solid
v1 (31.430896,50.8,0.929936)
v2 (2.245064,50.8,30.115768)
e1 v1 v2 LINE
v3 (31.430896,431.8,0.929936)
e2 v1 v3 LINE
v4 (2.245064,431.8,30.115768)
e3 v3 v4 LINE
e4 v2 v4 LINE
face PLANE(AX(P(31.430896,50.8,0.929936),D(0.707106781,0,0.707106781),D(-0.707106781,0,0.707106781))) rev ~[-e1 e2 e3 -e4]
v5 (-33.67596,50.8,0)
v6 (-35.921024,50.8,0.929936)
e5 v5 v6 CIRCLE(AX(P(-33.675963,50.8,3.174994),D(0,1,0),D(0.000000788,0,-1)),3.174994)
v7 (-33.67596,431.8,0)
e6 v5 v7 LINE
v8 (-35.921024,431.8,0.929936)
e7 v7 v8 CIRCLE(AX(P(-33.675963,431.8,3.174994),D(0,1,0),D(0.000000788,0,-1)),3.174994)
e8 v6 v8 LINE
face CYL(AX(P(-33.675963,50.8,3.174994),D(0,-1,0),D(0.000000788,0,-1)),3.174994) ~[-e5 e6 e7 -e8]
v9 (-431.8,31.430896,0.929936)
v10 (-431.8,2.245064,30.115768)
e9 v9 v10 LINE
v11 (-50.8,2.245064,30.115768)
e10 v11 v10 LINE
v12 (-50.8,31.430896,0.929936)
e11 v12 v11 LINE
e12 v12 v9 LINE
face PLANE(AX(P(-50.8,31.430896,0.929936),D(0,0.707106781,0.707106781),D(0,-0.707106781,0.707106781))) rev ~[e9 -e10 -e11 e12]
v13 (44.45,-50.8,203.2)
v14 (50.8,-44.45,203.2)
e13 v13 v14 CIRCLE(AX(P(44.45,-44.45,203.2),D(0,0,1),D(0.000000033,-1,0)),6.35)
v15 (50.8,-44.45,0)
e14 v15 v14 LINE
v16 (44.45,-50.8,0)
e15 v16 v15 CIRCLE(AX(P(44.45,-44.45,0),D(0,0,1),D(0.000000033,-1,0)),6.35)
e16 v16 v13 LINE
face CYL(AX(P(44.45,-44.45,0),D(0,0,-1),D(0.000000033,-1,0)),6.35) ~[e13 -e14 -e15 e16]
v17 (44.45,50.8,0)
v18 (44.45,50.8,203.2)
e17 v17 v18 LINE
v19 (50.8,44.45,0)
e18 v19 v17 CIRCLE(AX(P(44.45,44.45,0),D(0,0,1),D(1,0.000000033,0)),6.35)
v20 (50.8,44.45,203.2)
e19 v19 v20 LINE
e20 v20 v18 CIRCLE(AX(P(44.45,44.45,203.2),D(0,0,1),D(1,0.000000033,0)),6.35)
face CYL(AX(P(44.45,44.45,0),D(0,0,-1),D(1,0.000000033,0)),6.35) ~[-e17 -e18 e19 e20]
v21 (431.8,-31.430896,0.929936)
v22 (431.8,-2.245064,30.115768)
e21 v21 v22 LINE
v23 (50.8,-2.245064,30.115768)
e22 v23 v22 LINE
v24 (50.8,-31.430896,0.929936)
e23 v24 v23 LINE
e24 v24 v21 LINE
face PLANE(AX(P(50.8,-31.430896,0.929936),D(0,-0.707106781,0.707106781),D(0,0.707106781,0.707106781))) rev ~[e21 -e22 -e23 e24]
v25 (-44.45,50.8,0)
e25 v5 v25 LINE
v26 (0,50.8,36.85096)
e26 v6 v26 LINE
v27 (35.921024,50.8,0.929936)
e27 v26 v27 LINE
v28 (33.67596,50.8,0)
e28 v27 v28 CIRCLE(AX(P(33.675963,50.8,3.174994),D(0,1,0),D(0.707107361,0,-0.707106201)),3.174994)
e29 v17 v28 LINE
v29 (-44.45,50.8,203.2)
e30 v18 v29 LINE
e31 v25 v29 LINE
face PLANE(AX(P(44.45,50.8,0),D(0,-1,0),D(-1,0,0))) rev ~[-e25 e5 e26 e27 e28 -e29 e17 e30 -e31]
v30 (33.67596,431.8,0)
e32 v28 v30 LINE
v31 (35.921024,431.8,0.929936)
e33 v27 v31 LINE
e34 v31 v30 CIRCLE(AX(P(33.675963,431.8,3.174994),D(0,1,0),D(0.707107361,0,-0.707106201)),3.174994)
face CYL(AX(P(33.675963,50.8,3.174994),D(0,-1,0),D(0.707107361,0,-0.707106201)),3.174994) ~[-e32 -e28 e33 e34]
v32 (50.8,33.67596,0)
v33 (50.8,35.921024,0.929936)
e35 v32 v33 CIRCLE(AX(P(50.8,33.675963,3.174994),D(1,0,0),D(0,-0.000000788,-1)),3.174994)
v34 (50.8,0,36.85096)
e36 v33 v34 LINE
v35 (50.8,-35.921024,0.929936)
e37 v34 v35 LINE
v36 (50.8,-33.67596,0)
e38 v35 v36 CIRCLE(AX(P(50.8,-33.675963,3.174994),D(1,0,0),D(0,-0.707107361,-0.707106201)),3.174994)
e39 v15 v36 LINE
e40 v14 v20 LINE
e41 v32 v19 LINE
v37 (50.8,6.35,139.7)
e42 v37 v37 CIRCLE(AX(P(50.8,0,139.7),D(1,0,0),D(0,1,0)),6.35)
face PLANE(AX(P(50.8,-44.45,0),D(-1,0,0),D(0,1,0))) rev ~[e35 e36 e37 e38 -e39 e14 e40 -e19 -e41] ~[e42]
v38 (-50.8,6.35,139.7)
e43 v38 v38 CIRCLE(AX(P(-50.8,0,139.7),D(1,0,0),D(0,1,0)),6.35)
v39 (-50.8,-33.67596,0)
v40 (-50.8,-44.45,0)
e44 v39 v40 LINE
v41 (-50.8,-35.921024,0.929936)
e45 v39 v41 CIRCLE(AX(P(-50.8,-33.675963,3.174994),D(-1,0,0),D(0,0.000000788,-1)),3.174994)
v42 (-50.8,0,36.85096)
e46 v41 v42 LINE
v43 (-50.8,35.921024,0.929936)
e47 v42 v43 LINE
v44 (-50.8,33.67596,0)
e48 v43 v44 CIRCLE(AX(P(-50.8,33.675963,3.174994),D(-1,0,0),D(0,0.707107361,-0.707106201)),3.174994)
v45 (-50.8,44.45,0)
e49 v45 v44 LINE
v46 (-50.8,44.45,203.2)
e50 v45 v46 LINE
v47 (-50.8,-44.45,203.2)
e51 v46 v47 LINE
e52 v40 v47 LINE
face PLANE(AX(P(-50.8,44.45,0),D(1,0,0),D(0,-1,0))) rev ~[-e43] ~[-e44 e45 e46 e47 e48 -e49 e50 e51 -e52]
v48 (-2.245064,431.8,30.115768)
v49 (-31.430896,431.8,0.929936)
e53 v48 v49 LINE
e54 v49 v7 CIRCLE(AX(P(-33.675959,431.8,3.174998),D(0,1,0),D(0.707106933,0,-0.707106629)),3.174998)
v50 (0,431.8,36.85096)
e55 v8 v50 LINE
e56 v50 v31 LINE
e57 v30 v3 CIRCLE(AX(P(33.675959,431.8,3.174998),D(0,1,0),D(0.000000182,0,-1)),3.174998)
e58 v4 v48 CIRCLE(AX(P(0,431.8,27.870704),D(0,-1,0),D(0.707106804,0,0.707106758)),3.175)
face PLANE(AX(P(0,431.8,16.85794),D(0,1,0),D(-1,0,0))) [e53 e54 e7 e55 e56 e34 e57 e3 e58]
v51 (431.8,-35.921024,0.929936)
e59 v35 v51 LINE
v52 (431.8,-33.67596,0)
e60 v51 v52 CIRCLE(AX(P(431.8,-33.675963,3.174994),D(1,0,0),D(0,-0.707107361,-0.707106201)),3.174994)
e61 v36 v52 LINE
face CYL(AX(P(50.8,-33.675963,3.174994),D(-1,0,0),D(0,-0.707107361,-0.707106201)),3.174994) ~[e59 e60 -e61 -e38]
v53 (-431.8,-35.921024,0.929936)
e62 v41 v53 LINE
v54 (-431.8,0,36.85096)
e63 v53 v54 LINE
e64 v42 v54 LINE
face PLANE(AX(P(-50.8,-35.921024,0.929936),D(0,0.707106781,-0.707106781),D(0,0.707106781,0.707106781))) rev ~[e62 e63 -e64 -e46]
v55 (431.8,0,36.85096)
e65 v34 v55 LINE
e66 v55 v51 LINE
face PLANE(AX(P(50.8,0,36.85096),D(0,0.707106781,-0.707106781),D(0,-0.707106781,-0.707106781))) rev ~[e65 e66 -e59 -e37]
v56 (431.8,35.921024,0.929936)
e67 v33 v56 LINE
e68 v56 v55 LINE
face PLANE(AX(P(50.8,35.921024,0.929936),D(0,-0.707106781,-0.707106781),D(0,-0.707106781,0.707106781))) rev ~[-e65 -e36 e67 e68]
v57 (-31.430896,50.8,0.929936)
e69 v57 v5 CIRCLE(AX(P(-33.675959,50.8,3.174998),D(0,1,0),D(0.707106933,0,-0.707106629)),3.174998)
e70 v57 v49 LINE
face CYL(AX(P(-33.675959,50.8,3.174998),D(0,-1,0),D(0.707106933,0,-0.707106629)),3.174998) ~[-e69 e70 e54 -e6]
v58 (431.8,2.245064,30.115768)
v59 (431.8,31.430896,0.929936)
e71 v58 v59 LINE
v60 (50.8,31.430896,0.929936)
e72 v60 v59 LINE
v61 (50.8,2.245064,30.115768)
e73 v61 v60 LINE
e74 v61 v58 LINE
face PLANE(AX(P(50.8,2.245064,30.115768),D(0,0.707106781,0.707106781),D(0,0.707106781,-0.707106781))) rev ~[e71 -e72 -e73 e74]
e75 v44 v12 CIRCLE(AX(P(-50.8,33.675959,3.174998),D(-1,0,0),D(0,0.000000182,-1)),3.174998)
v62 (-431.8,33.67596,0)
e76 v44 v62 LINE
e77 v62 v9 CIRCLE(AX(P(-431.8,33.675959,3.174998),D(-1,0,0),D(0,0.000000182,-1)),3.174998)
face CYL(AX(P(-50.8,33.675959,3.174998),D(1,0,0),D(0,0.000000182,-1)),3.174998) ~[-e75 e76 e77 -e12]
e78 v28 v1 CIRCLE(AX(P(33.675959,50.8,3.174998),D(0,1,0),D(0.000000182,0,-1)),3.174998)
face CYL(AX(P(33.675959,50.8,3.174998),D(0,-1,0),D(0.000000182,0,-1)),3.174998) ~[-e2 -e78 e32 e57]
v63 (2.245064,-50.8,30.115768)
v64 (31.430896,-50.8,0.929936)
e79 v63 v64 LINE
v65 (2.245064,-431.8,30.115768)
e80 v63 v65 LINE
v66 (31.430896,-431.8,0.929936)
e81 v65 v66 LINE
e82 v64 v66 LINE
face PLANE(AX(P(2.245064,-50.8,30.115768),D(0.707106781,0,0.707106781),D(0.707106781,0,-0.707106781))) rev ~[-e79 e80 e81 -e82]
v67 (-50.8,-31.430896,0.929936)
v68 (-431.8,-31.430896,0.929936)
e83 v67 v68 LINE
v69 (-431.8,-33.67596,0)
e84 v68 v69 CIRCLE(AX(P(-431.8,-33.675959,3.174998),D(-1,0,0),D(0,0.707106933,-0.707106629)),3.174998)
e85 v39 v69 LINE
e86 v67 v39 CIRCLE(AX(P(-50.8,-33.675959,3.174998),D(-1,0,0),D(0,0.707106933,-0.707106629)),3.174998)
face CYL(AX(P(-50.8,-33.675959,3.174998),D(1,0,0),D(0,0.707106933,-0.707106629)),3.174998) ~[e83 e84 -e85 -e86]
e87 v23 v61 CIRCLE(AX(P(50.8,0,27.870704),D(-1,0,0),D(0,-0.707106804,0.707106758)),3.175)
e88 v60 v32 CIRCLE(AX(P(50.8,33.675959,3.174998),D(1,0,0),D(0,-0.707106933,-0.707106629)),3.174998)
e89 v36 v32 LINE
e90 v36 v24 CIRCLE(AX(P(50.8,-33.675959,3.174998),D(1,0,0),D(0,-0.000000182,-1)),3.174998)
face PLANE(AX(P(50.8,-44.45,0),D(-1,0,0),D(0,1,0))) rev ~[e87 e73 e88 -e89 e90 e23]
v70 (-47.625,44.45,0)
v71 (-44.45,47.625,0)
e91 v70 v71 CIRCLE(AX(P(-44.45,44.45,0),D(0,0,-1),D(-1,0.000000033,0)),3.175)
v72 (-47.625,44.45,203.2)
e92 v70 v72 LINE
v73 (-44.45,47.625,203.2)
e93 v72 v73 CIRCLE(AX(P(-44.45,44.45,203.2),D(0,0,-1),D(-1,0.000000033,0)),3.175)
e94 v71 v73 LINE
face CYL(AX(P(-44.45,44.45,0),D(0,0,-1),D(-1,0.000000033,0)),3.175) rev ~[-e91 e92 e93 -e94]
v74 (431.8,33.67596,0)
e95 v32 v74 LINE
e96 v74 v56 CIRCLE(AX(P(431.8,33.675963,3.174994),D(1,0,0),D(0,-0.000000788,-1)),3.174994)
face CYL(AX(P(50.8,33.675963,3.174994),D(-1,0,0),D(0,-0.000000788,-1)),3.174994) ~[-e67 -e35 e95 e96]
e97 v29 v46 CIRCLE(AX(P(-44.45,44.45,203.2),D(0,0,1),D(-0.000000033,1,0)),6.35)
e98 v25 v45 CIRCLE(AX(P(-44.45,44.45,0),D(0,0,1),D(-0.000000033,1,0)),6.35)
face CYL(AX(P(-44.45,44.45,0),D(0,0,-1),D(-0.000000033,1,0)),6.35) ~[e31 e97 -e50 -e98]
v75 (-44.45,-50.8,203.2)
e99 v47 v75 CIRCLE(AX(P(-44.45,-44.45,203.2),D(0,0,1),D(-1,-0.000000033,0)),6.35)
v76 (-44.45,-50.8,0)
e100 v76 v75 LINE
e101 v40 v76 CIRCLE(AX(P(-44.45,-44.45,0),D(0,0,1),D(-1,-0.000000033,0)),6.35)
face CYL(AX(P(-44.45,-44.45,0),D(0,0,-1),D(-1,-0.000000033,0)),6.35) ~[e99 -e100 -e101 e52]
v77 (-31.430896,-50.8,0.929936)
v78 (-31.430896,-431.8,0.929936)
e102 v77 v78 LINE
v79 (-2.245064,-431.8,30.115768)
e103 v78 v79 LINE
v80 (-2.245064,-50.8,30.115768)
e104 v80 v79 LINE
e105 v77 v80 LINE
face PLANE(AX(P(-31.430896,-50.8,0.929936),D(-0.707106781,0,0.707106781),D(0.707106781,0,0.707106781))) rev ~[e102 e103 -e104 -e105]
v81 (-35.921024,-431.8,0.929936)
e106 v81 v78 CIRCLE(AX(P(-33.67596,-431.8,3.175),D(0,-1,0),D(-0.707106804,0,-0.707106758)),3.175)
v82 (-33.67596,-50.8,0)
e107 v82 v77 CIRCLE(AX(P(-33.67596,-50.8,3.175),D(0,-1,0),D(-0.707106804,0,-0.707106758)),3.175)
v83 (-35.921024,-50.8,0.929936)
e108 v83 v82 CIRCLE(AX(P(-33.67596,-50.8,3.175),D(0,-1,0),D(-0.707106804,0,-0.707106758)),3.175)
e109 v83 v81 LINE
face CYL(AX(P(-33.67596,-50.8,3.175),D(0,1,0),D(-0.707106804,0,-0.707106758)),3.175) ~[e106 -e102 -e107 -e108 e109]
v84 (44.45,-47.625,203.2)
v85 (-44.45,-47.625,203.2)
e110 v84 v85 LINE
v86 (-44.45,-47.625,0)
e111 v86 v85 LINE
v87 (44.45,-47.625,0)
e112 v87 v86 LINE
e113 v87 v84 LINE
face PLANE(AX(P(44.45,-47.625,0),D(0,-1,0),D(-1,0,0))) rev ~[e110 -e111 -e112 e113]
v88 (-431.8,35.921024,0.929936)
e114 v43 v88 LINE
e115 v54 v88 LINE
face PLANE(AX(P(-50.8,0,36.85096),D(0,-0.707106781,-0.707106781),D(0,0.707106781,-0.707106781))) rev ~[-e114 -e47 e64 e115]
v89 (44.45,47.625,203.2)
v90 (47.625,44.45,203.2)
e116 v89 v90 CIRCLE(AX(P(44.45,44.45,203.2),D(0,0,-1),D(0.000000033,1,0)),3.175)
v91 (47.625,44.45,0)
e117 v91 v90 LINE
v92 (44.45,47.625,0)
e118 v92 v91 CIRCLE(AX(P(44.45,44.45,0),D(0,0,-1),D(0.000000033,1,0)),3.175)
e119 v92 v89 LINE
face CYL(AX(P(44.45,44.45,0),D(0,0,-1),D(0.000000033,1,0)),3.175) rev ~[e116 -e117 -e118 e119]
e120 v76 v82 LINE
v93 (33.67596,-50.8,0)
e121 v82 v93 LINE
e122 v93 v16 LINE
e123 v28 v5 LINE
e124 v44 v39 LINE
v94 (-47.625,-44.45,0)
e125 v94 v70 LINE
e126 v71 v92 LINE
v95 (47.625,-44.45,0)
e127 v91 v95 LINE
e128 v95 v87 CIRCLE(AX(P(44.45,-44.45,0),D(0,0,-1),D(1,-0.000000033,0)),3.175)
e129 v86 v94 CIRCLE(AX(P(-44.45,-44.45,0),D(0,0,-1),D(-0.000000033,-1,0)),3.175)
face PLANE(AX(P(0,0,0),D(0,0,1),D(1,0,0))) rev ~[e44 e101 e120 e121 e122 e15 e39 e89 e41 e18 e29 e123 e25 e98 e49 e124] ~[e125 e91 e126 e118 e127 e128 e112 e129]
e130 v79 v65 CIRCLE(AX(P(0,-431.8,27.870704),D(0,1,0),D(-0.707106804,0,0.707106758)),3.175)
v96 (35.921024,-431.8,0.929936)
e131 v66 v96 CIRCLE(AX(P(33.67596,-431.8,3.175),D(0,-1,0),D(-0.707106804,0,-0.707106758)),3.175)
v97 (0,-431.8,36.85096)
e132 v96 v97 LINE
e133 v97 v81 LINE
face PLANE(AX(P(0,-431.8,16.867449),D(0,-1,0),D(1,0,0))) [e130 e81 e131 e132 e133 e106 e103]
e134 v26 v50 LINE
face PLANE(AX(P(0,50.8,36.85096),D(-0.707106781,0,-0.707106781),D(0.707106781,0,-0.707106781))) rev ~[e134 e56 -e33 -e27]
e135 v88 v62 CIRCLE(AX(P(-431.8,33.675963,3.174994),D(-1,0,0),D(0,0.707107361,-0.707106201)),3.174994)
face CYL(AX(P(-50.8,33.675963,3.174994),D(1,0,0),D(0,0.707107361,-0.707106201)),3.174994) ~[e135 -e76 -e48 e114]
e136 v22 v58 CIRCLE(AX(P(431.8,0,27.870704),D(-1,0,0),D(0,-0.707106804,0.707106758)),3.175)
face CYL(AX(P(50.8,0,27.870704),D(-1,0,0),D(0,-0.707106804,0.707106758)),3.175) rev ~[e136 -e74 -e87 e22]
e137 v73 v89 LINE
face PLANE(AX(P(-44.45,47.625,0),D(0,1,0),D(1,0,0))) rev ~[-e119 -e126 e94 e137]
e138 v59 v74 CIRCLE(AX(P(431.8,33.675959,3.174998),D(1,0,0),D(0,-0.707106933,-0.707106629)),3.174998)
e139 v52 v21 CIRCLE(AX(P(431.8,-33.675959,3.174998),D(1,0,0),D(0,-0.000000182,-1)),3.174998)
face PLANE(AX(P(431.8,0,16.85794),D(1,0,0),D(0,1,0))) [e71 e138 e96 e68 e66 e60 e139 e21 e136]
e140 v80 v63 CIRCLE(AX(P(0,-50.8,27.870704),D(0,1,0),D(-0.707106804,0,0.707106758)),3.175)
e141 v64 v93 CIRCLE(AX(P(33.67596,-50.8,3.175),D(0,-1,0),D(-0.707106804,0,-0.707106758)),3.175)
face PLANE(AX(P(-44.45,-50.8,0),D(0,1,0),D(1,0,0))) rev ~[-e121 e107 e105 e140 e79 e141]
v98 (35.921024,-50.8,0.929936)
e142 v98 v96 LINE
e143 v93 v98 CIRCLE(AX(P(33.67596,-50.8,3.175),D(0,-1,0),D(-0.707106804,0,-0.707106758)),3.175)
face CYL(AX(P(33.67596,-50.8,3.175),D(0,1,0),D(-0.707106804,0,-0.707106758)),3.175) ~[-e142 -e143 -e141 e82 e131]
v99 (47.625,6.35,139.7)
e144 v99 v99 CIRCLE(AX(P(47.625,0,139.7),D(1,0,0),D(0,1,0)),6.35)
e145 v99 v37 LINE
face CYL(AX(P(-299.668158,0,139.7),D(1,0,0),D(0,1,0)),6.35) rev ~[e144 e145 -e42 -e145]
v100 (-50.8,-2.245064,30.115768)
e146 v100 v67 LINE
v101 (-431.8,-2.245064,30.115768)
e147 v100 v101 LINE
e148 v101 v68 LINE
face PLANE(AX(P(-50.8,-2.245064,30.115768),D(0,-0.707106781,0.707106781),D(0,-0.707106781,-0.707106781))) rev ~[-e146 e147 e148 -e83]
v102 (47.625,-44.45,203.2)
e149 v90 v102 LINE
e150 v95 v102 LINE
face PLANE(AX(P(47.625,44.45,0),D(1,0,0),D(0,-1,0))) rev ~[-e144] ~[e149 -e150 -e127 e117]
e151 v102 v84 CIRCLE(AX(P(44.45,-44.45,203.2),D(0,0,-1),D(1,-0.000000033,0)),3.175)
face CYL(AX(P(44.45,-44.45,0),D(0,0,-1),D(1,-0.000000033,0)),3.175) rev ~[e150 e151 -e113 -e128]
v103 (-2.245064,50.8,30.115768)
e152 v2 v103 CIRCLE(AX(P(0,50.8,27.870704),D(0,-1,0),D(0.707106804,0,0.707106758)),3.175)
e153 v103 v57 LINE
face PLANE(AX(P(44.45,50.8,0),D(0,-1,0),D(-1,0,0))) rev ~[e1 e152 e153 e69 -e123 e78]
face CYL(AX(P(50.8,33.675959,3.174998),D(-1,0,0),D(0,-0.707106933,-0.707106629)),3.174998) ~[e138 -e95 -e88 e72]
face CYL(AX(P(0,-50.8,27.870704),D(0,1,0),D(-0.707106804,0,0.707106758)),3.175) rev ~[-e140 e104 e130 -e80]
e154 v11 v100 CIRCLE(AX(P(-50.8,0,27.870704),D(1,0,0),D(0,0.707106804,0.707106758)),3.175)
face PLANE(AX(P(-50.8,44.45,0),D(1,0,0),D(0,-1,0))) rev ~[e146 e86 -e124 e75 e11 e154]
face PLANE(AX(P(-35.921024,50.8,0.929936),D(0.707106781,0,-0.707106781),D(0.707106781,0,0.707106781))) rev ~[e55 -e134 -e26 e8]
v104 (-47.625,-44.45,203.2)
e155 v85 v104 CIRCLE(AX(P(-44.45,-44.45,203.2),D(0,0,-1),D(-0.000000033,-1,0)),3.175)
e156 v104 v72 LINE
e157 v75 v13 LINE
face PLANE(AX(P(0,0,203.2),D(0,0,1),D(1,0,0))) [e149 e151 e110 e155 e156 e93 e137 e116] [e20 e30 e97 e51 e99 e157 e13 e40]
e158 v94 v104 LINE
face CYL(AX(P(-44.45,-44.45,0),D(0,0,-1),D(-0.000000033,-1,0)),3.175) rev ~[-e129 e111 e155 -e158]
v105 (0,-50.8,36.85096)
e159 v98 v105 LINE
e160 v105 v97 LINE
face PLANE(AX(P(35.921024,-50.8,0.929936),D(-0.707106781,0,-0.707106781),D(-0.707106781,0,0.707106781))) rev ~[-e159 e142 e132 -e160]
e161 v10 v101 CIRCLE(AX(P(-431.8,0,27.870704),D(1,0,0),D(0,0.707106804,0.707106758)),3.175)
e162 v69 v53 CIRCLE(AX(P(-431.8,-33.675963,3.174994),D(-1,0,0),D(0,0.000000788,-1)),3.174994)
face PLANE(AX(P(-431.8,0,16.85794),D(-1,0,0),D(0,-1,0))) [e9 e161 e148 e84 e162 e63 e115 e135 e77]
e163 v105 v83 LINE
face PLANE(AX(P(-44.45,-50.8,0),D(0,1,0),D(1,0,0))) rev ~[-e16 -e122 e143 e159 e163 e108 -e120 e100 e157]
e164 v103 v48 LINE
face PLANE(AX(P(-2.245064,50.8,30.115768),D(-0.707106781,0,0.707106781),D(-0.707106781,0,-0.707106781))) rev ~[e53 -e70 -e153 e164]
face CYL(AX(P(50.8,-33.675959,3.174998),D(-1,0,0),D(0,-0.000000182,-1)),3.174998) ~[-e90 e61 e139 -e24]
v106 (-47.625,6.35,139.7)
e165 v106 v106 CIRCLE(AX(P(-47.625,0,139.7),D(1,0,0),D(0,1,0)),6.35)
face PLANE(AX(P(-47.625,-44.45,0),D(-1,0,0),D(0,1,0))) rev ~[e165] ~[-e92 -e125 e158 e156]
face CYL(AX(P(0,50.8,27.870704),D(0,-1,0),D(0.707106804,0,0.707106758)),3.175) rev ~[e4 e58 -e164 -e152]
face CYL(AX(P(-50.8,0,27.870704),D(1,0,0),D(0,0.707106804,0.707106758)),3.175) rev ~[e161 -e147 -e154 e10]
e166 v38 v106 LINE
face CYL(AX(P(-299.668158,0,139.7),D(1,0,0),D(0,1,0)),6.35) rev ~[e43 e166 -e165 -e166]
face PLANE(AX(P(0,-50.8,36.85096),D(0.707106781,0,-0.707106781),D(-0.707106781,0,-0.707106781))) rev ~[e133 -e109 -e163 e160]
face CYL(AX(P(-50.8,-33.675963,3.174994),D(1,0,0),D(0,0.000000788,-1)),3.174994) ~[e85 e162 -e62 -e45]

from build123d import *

# Parameters (mm, degrees)
F1_DEPTH  = 203.2
F3_D      = 12.7
F8_DEPTH  = 381
F9_DEPTH  = 381
F10_DEPTH = 381
F11_DEPTH = 381


with BuildPart() as f1:
    # F0 (on Top) → F1 (new body)
    with BuildSketch(Plane.XY):
        with BuildLine():
            ThreePointArc((50.8, 44.45), (48.940128, 48.940128), (44.45, 50.8))
            Line((44.45, 50.8), (-44.45, 50.8))
            ThreePointArc((-44.45, 50.8), (-48.940128, 48.940128), (-50.8, 44.45))
            Line((-50.8, 44.45), (-50.8, -44.45))
            ThreePointArc((-50.8, -44.45), (-48.940128, -48.940128), (-44.45, -50.8))
            Line((-44.45, -50.8), (44.45, -50.8))
            ThreePointArc((44.45, -50.8), (48.940128, -48.940128), (50.8, -44.45))
            Line((50.8, -44.45), (50.8, 44.45))
        make_face()
        with BuildLine():
            ThreePointArc((44.45, 47.625), (46.695064, 46.695064), (47.625, 44.45))
            Line((47.625, 44.45), (47.625, -44.45))
            ThreePointArc((47.625, -44.45), (46.695064, -46.695064), (44.45, -47.625))
            Line((44.45, -47.625), (-44.45, -47.625))
            ThreePointArc((-44.45, -47.625), (-46.695064, -46.695064), (-47.625, -44.45))
            Line((-47.625, -44.45), (-47.625, 44.45))
            ThreePointArc((-47.625, 44.45), (-46.695064, 46.695064), (-44.45, 47.625))
            Line((-44.45, 47.625), (44.45, 47.625))
        make_face(mode=Mode.SUBTRACT)
    extrude(amount=F1_DEPTH)

    # F3 (through all)
    with Locations(Plane(origin=(-50.8, 0, 0), x_dir=(0, -1, 0), z_dir=(-1, 0, 0))):
        with Locations((0, 139.7)):
            Hole(F3_D / 2)

    # F7 (on face) → F8 (join)
    with BuildSketch(Plane.XZ.offset(50.8)):
        with BuildLine():
            Line((-31.430896, 0.929936), (-2.245064, 30.115768))
            ThreePointArc((-2.245064, 30.115768), (0, 31.045704), (2.245064, 30.115768))
            Line((2.245064, 30.115768), (31.430896, 0.929936))
            ThreePointArc((31.430896, 0.929936), (33.67596, 0), (35.921024, 0.929936))
            Line((35.921024, 0.929936), (0, 36.85096))
            Line((0, 36.85096), (-35.921024, 0.929936))
            ThreePointArc((-35.921024, 0.929936), (-33.67596, 0), (-31.430896, 0.929936))
        make_face()
    extrude(amount=F8_DEPTH)

    # F4 (on face) → F9 (join)
    with BuildSketch(Plane.YZ.offset(50.8)):
        with BuildLine():
            Line((35.921024, 0.929936), (0, 36.85096))
            Line((0, 36.85096), (-35.921024, 0.929936))
            ThreePointArc((-35.921024, 0.929936), (-34.89098, 0.241682), (-33.67596, 0))
            ThreePointArc((-33.67596, 0), (-32.460941, 0.241682), (-31.430896, 0.929936))
            Line((-31.430896, 0.929936), (-2.245064, 30.115768))
            ThreePointArc((-2.245064, 30.115768), (0, 31.045704), (2.245064, 30.115768))
            Line((2.245064, 30.115768), (31.430896, 0.929936))
            ThreePointArc((31.430896, 0.929936), (32.460941, 0.241682), (33.67596, 0))
            ThreePointArc((33.67596, 0), (34.89098, 0.241682), (35.921024, 0.929936))
        make_face()
    extrude(amount=F9_DEPTH)

    # F5 (on face) → F10 (join)
    with BuildSketch(Plane(origin=(0, 50.8, 0), x_dir=(-1, 0, 0), z_dir=(0, 1, 0))):
        with BuildLine():
            Line((35.921024, 0.929936), (0, 36.85096))
            Line((0, 36.85096), (-35.921024, 0.929936))
            ThreePointArc((-35.921024, 0.929936), (-34.89098, 0.241682), (-33.67596, 0))
            ThreePointArc((-33.67596, 0), (-32.460941, 0.241682), (-31.430896, 0.929936))
            Line((-31.430896, 0.929936), (-2.245064, 30.115768))
            ThreePointArc((-2.245064, 30.115768), (0, 31.045704), (2.245064, 30.115768))
            Line((2.245064, 30.115768), (31.430896, 0.929936))
            ThreePointArc((31.430896, 0.929936), (32.460941, 0.241682), (33.67596, 0))
            ThreePointArc((33.67596, 0), (34.89098, 0.241682), (35.921024, 0.929936))
        make_face()
    extrude(amount=F10_DEPTH)

    # F6 (on face) → F11 (join)
    with BuildSketch(Plane(origin=(-50.8, 0, 0), x_dir=(0, -1, 0), z_dir=(-1, 0, 0))):
        with BuildLine():
            Line((-31.430896, 0.929936), (-2.245064, 30.115768))
            ThreePointArc((-2.245064, 30.115768), (0, 31.045704), (2.245064, 30.115768))
            Line((2.245064, 30.115768), (31.430896, 0.929936))
            ThreePointArc((31.430896, 0.929936), (32.460941, 0.241682), (33.67596, 0))
            ThreePointArc((33.67596, 0), (34.89098, 0.241682), (35.921024, 0.929936))
            Line((35.921024, 0.929936), (0, 36.85096))
            Line((0, 36.85096), (-35.921024, 0.929936))
            ThreePointArc((-35.921024, 0.929936), (-34.89098, 0.241682), (-33.67596, 0))
            ThreePointArc((-33.67596, 0), (-32.460941, 0.241682), (-31.430896, 0.929936))
        make_face()
    extrude(amount=F11_DEPTH)


solid = f1.part
